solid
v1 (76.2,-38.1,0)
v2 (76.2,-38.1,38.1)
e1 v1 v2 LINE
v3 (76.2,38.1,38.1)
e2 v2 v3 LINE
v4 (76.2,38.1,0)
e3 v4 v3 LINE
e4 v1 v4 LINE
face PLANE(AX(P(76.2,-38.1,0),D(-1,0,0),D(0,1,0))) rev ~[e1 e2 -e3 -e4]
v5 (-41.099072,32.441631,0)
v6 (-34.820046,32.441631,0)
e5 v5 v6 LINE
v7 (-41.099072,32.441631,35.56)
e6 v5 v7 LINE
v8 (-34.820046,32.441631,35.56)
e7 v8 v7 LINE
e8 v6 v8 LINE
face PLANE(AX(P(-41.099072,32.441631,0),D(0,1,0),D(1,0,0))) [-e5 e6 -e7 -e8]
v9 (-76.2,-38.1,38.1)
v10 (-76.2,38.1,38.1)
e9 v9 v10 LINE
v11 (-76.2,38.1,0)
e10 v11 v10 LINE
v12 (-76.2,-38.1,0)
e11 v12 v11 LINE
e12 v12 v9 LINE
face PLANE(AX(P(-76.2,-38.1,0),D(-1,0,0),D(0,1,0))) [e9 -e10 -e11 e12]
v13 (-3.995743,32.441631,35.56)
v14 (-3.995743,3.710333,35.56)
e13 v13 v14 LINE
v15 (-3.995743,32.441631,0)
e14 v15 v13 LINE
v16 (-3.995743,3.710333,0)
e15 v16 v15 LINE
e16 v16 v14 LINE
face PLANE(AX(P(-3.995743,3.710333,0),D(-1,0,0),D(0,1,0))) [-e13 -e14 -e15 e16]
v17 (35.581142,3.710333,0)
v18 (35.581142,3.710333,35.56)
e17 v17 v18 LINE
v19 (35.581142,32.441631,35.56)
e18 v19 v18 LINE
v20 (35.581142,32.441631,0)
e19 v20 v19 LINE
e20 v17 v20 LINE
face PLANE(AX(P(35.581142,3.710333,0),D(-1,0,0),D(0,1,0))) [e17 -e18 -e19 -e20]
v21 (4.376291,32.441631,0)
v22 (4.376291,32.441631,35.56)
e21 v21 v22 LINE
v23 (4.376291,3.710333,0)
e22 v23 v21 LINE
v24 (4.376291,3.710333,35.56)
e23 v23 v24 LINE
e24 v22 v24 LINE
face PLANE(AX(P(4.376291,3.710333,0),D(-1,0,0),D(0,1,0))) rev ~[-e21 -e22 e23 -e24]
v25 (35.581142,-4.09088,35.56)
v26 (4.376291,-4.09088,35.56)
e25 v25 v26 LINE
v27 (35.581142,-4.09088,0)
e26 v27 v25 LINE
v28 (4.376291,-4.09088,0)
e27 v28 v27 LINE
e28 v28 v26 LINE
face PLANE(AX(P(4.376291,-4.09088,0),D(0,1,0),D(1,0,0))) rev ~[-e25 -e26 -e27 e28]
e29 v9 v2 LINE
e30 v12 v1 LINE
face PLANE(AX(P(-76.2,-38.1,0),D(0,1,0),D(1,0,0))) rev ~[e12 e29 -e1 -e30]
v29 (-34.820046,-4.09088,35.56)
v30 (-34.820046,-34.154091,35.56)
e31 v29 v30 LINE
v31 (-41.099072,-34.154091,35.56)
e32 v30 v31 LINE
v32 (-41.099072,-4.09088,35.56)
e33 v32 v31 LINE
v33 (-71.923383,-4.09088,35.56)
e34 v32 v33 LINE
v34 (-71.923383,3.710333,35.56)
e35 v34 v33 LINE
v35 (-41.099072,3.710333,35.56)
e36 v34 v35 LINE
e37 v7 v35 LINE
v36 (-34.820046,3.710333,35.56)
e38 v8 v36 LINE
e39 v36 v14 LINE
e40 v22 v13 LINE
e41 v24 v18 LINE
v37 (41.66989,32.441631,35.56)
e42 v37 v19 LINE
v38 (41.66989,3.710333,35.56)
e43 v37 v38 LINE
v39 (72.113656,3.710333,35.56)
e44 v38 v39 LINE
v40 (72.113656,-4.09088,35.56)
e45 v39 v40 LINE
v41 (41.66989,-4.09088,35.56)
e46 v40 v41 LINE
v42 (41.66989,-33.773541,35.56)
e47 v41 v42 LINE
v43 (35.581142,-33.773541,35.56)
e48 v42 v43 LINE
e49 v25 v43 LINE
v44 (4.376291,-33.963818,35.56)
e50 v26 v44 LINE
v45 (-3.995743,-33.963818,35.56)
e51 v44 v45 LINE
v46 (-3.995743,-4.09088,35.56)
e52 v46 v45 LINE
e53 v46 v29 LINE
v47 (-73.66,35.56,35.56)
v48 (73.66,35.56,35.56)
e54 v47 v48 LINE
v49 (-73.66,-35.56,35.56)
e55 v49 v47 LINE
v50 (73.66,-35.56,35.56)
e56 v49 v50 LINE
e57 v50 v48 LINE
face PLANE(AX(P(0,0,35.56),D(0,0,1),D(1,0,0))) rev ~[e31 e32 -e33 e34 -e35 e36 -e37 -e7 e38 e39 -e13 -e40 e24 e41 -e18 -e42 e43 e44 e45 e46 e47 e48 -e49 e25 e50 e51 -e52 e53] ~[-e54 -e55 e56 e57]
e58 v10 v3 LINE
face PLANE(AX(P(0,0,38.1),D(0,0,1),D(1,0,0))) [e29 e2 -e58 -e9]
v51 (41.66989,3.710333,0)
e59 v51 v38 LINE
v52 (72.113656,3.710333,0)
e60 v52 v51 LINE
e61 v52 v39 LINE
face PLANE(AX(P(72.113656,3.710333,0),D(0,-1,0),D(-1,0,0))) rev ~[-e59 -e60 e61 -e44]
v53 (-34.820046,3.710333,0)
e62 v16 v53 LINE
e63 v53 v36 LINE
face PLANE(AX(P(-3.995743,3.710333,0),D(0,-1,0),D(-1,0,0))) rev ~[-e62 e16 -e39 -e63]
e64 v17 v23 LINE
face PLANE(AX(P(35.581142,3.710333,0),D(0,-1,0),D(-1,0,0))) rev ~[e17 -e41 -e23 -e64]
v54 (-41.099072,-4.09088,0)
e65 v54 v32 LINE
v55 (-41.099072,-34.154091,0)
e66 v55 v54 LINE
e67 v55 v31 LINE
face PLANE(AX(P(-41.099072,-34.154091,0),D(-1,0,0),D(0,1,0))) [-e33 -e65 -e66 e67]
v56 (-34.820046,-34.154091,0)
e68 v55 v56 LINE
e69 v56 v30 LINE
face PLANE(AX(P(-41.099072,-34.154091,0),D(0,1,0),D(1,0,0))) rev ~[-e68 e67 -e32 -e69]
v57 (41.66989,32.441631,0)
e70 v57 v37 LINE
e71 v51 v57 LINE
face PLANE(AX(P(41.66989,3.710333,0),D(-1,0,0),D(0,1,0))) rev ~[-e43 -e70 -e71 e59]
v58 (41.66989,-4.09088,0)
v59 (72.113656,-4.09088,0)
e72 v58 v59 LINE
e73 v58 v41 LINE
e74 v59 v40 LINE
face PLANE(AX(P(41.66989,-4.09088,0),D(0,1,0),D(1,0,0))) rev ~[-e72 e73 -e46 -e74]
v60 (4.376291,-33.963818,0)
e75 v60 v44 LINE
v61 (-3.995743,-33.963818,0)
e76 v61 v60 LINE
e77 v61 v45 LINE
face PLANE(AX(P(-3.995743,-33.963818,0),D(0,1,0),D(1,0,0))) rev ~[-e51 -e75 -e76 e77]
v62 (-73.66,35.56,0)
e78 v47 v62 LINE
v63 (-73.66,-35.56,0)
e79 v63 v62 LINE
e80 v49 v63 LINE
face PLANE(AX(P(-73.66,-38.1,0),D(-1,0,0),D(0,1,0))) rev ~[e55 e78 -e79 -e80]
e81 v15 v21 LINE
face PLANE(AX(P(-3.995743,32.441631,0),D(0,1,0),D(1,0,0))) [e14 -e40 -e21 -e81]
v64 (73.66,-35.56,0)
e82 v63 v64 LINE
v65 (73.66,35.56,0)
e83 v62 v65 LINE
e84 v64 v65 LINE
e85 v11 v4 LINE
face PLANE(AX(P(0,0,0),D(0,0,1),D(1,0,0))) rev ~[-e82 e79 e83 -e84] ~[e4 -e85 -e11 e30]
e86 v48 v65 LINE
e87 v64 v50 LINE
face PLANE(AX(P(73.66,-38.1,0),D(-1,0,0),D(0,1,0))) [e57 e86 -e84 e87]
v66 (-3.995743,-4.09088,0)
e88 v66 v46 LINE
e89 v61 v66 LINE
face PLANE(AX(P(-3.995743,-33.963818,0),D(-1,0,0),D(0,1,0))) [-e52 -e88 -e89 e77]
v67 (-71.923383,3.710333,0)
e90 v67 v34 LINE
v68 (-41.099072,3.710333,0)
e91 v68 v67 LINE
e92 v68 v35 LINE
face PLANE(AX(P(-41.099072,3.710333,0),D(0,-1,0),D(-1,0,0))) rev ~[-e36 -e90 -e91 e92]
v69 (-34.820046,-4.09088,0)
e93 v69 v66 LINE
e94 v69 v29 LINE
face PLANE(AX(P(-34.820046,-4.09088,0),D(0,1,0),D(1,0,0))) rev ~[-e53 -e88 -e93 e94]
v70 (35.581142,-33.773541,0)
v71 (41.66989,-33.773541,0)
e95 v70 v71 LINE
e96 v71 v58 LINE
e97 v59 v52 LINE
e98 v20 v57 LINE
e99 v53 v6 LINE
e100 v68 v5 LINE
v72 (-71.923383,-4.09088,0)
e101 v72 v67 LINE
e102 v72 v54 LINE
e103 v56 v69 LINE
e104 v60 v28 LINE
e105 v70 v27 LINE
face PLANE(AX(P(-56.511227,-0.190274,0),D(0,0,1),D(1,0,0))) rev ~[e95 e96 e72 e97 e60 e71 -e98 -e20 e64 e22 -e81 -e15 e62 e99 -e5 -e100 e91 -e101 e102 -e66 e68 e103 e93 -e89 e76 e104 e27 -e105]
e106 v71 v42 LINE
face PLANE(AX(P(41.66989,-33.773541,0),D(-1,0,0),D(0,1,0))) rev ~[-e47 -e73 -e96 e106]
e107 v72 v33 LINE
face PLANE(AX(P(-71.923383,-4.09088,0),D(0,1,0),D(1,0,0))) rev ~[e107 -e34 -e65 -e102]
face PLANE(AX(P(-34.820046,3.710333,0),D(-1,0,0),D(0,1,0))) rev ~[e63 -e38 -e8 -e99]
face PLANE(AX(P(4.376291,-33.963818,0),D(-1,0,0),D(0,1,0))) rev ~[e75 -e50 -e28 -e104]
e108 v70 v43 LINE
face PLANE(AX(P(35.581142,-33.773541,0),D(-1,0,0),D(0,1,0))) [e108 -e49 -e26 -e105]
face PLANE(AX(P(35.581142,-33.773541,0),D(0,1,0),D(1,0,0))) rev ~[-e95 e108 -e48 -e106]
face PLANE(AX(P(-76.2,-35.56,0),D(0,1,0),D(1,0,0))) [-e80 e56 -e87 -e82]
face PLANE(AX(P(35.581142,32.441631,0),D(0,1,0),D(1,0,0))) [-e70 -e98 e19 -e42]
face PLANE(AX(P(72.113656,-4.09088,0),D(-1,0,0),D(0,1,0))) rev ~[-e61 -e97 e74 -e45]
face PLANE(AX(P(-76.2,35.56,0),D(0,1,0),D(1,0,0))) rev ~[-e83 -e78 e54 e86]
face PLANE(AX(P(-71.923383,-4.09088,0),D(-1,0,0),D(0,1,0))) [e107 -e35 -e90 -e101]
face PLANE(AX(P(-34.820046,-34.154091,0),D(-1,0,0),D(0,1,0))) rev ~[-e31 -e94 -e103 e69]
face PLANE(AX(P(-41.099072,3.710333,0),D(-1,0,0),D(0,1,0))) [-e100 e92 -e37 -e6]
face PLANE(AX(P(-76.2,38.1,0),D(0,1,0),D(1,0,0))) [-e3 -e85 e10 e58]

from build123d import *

# Parameters (mm, degrees)
F0_W     = 152.4
F0_H     = 76.2
F1_DEPTH = 38.1
F2_T     = -2.54
F3_W     = 30.8243110776
F3_H     = 7.8012128361
F3_W_2   = 6.2790252268
F3_H_2   = 30.0632109866
F3_W_3   = 30.8243031614
F3_H_3   = 28.7312981673
F3_W_4   = 8.3720344119
F3_H_4   = 29.8729380593
F3_W_5   = 31.2048504129
F3_W_6   = 6.0887485743
F3_H_5   = 29.6826614067
F3_W_7   = 30.443765223
F4_DEPTH = 38.1


with BuildPart() as f1:
    # F0 (on Top) → F1 (new body)
    with BuildSketch(Plane.XY):
        Rectangle(F0_W, F0_H)
    extrude(amount=F1_DEPTH)

    # F2
    f2_openings = [f1.faces().sort_by_distance(p)[0] for p in [
        (0, 0, 0),
    ]]
    offset(amount=F2_T, openings=f2_openings)

    # F3 (on Top) → F4 (join)
    with BuildSketch(Plane.XY):
        with Locations((-56.5112270415, -0.1902736258)):
            Rectangle(F3_W, F3_H)
        with Locations((-37.9595588893, -0.1902736258)):
            Rectangle(F3_W_2, F3_H)
        with Locations((-37.9595588893, -19.1224855371)):
            Rectangle(F3_W_2, F3_H_2)
        with Locations((-19.4078946952, -0.1902736258)):
            Rectangle(F3_W_3, F3_H)
        with Locations((-37.9595588893, 18.0759818759)):
            Rectangle(F3_W_2, F3_H_3)
        with Locations((0.1902740914, -0.1902736258)):
            Rectangle(F3_W_4, F3_H)
        with Locations((0.1902740914, -19.0273490734)):
            Rectangle(F3_W_4, F3_H_4)
        with Locations((19.9787165038, -0.1902736258)):
            Rectangle(F3_W_5, F3_H)
        with Locations((0.1902740914, 18.0759818759)):
            Rectangle(F3_W_4, F3_H_3)
        with Locations((38.6255159974, -0.1902736258)):
            Rectangle(F3_W_6, F3_H)
        with Locations((38.6255159974, -18.9322107472)):
            Rectangle(F3_W_6, F3_H_5)
        with Locations((56.8917728961, -0.1902736258)):
            Rectangle(F3_W_7, F3_H)
        with Locations((38.6255159974, 18.0759818759)):
            Rectangle(F3_W_6, F3_H_3)
    extrude(amount=F4_DEPTH)


solid = f1.part
